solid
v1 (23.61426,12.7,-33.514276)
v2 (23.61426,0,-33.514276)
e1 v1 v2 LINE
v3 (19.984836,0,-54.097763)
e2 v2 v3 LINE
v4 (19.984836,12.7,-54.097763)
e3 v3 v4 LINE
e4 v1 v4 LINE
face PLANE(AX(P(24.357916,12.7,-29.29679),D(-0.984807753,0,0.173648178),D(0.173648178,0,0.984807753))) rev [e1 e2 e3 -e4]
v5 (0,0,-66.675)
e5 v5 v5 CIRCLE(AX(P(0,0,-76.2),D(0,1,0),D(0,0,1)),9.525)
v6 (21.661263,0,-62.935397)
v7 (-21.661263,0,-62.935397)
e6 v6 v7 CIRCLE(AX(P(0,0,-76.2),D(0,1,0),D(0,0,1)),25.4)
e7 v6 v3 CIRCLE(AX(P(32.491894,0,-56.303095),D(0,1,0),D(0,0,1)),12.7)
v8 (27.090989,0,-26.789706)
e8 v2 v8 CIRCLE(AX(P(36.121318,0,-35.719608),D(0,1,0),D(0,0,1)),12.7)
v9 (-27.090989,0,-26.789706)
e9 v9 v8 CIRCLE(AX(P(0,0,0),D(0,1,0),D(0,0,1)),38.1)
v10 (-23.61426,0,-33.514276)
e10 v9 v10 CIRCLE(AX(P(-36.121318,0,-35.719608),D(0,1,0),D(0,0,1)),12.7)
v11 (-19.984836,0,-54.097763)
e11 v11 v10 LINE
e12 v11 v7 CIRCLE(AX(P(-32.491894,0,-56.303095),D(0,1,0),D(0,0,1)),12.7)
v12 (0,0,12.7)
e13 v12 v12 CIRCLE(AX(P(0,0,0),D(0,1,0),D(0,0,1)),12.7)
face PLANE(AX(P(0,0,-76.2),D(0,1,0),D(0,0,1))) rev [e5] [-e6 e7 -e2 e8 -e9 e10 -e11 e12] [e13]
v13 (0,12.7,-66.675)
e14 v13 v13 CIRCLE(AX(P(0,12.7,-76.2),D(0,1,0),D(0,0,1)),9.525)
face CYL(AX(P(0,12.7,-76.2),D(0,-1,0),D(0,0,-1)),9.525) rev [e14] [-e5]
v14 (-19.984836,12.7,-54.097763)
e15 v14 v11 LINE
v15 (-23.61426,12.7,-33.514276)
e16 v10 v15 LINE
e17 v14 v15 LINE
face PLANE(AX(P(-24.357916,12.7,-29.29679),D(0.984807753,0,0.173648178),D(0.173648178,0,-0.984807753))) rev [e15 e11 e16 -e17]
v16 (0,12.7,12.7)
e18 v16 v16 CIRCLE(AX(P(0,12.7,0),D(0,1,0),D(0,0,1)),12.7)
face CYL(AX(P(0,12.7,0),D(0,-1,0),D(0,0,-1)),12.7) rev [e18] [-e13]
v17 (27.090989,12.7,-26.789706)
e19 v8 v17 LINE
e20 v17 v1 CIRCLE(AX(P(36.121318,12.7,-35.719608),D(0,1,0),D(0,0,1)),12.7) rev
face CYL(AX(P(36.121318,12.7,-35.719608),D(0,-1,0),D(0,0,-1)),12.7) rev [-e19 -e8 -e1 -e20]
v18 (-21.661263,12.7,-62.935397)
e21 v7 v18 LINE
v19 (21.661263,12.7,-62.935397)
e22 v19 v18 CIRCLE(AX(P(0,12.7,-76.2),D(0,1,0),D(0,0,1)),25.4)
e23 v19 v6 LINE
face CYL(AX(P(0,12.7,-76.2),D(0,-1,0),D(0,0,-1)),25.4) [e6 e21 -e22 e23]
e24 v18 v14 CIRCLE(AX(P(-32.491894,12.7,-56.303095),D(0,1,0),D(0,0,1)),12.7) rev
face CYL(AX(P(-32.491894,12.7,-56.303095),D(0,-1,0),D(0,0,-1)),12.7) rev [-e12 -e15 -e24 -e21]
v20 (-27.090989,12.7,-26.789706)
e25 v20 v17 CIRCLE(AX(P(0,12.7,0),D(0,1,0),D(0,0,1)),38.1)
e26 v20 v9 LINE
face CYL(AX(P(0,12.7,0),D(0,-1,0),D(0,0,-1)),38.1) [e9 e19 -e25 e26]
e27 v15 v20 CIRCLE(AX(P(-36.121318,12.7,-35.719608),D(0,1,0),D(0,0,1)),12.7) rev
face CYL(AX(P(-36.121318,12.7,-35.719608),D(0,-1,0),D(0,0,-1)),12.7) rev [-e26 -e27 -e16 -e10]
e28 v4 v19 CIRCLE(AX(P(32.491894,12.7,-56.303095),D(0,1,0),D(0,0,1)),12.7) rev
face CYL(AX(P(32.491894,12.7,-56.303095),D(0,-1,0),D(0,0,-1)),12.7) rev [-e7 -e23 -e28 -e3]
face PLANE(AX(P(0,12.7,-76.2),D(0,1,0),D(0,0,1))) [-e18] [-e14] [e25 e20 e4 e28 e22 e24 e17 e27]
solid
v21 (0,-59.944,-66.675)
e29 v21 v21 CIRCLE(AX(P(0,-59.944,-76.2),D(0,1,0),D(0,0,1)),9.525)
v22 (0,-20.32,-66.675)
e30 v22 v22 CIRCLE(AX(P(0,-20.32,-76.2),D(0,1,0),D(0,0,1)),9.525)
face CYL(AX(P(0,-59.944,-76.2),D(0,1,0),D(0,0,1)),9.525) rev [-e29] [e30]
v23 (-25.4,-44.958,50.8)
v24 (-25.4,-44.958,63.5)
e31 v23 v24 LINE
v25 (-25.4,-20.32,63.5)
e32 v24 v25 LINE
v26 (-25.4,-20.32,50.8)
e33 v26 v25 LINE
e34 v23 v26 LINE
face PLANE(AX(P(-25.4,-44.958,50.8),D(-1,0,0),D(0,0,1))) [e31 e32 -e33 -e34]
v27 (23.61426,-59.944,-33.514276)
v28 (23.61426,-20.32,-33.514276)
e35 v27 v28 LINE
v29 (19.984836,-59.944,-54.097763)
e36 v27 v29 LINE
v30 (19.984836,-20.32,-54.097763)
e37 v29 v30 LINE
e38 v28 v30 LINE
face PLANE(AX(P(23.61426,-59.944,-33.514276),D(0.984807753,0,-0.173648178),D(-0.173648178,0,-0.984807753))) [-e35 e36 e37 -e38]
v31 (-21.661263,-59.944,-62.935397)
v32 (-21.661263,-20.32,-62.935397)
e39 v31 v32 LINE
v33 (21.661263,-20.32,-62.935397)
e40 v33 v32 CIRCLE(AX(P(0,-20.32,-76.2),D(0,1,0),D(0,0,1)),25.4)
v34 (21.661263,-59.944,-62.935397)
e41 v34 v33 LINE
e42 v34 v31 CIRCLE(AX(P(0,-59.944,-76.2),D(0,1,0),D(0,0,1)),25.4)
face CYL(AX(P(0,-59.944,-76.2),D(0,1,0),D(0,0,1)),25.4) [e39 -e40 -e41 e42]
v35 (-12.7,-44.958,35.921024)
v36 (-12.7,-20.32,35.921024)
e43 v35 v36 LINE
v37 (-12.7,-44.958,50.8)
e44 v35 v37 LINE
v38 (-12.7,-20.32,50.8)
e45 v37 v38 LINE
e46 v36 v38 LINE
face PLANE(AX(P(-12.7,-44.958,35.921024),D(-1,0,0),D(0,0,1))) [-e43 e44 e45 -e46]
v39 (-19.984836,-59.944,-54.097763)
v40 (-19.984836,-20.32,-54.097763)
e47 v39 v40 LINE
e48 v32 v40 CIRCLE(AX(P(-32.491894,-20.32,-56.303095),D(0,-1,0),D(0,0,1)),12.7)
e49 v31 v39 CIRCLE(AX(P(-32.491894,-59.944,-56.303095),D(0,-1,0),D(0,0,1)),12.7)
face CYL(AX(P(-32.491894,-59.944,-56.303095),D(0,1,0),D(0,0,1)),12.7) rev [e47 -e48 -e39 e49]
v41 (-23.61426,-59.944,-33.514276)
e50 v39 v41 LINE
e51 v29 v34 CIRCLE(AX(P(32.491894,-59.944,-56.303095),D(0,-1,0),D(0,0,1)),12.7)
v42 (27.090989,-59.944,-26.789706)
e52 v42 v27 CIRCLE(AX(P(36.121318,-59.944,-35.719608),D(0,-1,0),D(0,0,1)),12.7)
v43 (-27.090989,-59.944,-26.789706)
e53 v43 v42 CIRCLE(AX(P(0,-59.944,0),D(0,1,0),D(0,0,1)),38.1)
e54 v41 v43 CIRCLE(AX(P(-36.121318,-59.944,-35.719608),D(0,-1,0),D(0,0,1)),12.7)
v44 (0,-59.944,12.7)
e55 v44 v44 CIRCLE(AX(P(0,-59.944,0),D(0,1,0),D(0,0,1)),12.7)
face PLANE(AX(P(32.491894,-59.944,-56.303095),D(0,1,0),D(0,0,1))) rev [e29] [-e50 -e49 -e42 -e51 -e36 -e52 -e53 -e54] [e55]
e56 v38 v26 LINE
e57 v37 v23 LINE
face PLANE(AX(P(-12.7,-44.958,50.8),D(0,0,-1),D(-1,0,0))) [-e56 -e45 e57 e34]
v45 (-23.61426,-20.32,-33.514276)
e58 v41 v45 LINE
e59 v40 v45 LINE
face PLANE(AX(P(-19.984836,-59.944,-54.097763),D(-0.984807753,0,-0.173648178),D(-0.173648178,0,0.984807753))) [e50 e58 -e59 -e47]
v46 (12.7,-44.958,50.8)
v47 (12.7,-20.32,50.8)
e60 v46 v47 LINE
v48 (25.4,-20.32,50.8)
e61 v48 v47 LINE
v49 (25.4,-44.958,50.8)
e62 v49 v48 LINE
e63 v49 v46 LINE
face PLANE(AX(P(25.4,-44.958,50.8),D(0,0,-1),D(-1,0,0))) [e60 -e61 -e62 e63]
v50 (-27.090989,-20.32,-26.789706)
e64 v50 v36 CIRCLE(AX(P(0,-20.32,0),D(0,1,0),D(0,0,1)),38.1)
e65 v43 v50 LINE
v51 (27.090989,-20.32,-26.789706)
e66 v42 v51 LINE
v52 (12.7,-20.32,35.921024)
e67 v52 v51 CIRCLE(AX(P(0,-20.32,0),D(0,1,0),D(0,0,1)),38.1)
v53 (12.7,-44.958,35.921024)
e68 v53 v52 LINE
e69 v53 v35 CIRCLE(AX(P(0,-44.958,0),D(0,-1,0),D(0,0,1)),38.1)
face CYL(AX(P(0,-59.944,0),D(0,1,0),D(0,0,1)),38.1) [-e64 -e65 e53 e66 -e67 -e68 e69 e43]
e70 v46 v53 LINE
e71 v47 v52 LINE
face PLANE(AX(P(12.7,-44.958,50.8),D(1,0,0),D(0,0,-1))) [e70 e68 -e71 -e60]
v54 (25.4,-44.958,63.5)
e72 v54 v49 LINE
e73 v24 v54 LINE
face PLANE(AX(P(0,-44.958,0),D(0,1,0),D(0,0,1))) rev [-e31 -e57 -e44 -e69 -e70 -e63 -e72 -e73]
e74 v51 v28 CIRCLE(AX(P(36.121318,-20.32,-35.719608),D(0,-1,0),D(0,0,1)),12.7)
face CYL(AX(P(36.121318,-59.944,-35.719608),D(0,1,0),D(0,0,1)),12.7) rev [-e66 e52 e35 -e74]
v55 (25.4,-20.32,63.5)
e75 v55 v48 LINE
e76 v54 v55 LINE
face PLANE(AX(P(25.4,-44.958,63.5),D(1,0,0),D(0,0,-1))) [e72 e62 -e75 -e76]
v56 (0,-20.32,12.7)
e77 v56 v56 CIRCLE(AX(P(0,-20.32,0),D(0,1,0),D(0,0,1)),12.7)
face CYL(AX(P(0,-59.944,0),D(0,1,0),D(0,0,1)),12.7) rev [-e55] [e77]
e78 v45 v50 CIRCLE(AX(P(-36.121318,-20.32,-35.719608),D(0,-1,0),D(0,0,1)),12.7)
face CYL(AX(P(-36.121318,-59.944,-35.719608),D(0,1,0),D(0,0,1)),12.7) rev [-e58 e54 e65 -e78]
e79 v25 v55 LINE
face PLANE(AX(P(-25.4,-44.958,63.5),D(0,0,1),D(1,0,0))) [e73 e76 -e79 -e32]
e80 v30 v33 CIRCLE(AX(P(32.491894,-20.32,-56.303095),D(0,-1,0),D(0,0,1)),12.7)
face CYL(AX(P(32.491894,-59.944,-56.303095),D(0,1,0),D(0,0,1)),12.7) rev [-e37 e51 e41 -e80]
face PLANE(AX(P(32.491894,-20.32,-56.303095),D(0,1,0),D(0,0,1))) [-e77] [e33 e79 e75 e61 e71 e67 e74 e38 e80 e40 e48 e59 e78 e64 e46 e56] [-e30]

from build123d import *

# Parameters (mm, degrees)
SKETCH1_R           = 12.7
SKETCH1_R_2         = 9.525
BOSS_EXTRUDE1_DEPTH = 12.7
FILLET1_R           = 12.7
SKETCH3_R           = 9.525
SKETCH3_R_2         = 12.7
BOSS_EXTRUDE2_DEPTH = 39.624
BOSS_EXTRUDE3_START = -24.638
BOSS_EXTRUDE3_DEPTH = 24.638


with BuildPart() as part:
    # Sketch1 → Boss-Extrude1 (new body)
    with BuildSketch(Plane(origin=(0, 0, 0), x_dir=(1, 0, 0), z_dir=(0, 1, 0))):
        with BuildLine():
            Line((-24.35791626, 29.296790191), (-19.05, 59.399479175))
            ThreePointArc((-19.05, 59.399479175), (0, 101.6), (19.05, 59.399479175))
            Line((19.05, 59.399479175), (24.35791626, 29.296790191))
            ThreePointArc((24.35791626, 29.296790191), (0, -38.1), (-24.35791626, 29.296790191))
        make_face()
        with Locations(Location((0, 0, 0), (0, 0, 270))):
            Circle(SKETCH1_R, mode=Mode.SUBTRACT)
        with Locations(Location((0, 76.2, 0), (0, 0, 270))):
            Circle(SKETCH1_R_2, mode=Mode.SUBTRACT)
    extrude(amount=BOSS_EXTRUDE1_DEPTH)

    # Fillet1
    fillet1_edges = [part.edges().sort_by_distance(p)[0] for p in [
        (19.05, 6.35, -59.399479175),
        (24.35791626, 6.35, -29.296790191),
        (-24.35791626, 6.35, -29.296790191),
        (-19.05, 6.35, -59.399479175),
    ]]
    fillet(fillet1_edges, radius=FILLET1_R)


with BuildPart() as body_2:
    # Sketch3 → Boss-Extrude2 (new body)
    with BuildSketch(Plane(origin=(0, -20.32, 0), x_dir=(1, 0, 0), z_dir=(0, 1, 0))):
        with BuildLine():
            Line((23.614259759, 33.514275782), (19.984835556, 54.097763283))
            ThreePointArc((19.984835556, 54.097763283), (20.01439897, 58.669974371), (21.661262679, 62.935396759))
            ThreePointArc((21.661262679, 62.935396759), (0, 101.6), (-21.661262679, 62.935396759))
            ThreePointArc((-21.661262679, 62.935396759), (-20.01439897, 58.669974371), (-19.984835556, 54.097763283))
            Line((-19.984835556, 54.097763283), (-23.614259759, 33.514275782))
            ThreePointArc((-23.614259759, 33.514275782), (-24.839929511, 29.886917974), (-27.090988667, 26.789705729))
            ThreePointArc((-27.090988667, 26.789705729), (0, -38.1), (27.090988667, 26.789705729))
            ThreePointArc((27.090988667, 26.789705729), (24.839929511, 29.886917974), (23.614259759, 33.514275782))
        make_face()
        with Locations(Location((0, 76.2, 0), (0, 0, 270))):
            Circle(SKETCH3_R, mode=Mode.SUBTRACT)
        with Locations(Location((0, 0, 0), (0, 0, 270))):
            Circle(SKETCH3_R_2, mode=Mode.SUBTRACT)
    extrude(amount=-BOSS_EXTRUDE2_DEPTH)

    # Sketch4 → Boss-Extrude3 (add)
    with BuildSketch(Plane(origin=(0, -20.32, 0), x_dir=(1, 0, 0), z_dir=(0, 1, 0)).offset(BOSS_EXTRUDE3_START)):
        with BuildLine():
            Line((12.7, -50.8), (12.7, -35.921024484))
            ThreePointArc((12.7, -35.921024484), (0, -38.1), (-12.7, -35.921024484))
            Line((-12.7, -35.921024484), (-12.7, -50.8))
            Line((-12.7, -50.8), (-25.4, -50.8))
            Line((-25.4, -50.8), (-25.4, -63.5))
            Line((-25.4, -63.5), (25.4, -63.5))
            Line((25.4, -63.5), (25.4, -50.8))
            Line((25.4, -50.8), (12.7, -50.8))
        make_face()
    extrude(amount=BOSS_EXTRUDE3_DEPTH)


solid = Compound([part.part, body_2.part])
